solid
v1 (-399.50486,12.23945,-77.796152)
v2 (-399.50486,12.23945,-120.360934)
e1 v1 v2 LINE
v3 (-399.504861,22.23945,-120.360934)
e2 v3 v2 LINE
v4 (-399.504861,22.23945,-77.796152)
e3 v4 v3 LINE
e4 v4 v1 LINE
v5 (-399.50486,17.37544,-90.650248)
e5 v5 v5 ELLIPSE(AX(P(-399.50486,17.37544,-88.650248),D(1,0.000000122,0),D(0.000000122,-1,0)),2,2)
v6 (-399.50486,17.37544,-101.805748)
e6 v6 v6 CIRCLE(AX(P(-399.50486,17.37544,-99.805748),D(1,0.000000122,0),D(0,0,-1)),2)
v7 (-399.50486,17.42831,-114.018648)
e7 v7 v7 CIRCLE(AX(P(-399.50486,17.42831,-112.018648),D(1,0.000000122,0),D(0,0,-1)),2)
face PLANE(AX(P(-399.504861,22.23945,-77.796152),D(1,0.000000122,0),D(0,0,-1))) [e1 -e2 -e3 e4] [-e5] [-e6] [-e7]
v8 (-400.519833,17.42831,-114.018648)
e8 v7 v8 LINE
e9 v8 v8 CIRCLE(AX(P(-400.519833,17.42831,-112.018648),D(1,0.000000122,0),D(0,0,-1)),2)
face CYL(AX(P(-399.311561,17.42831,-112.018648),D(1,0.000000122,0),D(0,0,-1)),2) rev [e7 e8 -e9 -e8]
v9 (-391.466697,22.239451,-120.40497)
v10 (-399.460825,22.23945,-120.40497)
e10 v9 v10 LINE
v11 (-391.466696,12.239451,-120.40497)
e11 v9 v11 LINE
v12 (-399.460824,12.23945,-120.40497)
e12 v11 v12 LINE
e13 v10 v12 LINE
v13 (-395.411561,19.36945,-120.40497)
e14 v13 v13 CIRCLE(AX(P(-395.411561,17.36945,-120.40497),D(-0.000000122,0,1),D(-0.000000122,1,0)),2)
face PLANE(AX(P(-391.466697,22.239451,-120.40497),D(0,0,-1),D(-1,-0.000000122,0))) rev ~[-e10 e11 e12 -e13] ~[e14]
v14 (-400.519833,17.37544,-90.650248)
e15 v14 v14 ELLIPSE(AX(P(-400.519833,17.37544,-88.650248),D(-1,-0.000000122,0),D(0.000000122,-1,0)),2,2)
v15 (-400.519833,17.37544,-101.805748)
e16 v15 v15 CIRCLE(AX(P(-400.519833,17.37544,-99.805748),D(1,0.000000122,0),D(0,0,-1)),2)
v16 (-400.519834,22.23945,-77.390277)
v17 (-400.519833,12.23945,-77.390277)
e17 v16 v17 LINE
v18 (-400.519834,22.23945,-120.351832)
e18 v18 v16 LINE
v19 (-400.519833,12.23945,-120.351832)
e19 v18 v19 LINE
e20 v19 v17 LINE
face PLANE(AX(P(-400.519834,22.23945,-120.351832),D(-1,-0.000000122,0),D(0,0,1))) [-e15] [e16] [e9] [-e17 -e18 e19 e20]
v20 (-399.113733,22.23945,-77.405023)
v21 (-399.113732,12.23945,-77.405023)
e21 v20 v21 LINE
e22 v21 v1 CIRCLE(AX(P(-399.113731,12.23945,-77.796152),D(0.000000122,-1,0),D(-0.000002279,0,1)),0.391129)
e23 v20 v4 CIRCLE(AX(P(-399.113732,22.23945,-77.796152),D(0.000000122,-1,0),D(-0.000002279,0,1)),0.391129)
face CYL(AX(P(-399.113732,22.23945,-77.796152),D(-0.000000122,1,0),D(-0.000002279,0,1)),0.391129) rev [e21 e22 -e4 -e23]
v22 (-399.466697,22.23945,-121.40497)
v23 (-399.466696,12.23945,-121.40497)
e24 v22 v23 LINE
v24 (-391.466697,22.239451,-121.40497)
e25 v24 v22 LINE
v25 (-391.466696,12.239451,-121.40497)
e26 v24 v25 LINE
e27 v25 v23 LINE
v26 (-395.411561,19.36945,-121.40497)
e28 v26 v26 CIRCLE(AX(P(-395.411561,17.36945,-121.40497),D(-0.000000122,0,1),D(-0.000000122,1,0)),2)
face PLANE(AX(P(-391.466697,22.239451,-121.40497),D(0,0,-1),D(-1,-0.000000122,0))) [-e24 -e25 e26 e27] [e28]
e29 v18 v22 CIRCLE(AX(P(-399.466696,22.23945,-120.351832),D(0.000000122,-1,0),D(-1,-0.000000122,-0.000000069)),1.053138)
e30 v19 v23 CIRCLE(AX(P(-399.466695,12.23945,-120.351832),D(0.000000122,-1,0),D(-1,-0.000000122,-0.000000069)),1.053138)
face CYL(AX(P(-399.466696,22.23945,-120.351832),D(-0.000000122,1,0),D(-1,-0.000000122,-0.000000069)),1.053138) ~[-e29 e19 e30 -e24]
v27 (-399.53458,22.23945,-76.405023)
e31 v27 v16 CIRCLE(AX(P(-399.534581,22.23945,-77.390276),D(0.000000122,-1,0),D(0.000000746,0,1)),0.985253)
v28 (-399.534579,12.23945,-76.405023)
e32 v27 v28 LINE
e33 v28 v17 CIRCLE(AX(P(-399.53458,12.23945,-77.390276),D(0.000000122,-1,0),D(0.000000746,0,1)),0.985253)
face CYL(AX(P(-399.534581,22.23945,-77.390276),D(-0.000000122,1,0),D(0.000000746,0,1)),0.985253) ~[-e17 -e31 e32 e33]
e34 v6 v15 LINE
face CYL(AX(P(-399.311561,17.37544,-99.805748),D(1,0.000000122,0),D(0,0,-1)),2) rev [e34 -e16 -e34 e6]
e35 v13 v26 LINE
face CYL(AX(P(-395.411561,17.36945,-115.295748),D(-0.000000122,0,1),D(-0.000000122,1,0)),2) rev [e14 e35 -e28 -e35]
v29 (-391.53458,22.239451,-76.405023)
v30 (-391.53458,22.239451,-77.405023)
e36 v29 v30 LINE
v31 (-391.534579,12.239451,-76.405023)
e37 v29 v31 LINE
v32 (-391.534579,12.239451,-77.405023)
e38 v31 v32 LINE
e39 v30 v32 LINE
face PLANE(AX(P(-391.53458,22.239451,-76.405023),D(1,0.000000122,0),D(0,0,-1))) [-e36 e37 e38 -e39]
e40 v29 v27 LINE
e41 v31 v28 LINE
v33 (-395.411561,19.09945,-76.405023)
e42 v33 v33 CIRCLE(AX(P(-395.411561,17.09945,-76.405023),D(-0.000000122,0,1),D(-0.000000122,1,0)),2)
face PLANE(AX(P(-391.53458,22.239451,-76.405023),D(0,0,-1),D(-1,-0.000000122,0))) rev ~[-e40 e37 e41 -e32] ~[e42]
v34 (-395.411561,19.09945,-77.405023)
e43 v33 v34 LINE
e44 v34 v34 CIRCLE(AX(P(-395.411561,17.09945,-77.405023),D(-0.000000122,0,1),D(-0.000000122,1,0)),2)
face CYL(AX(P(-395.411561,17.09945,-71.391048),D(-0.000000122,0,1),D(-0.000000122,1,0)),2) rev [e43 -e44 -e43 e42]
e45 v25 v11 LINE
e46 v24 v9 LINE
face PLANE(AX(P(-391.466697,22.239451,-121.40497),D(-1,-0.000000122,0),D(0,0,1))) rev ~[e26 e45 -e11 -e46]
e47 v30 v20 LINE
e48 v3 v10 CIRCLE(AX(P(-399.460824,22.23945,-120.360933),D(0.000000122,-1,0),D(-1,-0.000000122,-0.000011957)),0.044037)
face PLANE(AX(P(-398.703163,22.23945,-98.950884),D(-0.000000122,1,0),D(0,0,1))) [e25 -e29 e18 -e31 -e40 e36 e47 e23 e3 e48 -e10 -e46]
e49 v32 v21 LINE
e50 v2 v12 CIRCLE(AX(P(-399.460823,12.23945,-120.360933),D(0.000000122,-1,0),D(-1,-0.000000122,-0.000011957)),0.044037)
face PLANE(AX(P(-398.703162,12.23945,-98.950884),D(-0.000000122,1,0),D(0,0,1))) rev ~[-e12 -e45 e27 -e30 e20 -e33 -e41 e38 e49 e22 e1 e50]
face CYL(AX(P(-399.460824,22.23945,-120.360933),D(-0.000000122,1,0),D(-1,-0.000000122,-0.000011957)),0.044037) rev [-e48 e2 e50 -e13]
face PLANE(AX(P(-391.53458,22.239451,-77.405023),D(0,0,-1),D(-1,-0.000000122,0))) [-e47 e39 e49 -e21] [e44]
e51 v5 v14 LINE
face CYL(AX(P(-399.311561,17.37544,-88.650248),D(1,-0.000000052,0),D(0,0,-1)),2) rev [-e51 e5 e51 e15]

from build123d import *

# Parameters (mm, degrees)
CYLINDER030_R               = 2
CYLINDER030_DEPTH           = 10
CYLINDER030_PITCH_ANGLE     = 90
CYLINDER030_PLACEMENT_ANGLE = 7e-06
CYLINDER031_R               = 2
CYLINDER031_DEPTH           = 10
CYLINDER031_PITCH_ANGLE     = 90
CYLINDER031_PLACEMENT_ANGLE = 7e-06
CYLINDER026_R               = 2
CYLINDER026_DEPTH           = 2
CYLINDER026_ROLL_ANGLE      = -88.507054
CYLINDER026_PITCH_ANGLE     = -87.01751
CYLINDER026_PLACEMENT_ANGLE = -92.244015
CYLINDER028_R               = 2
CYLINDER028_DEPTH           = 2
CYLINDER028_PLACEMENT_ANGLE = 90.00001
CYLINDER029_R               = 2
CYLINDER029_DEPTH           = 2
CYLINDER029_ROLL_ANGLE      = 90
CYLINDER027_R               = 2
CYLINDER027_DEPTH           = 2
CYLINDER027_ROLL_ANGLE      = 90
CYLINDER025_R               = 2
CYLINDER025_DEPTH           = 2
CYLINDER025_ROLL_ANGLE      = -88.507054
CYLINDER025_PITCH_ANGLE     = -87.01751
CYLINDER025_PLACEMENT_ANGLE = -92.244015
PAD006_DEPTH                = 10
CUT023_PITCH_ANGLE          = 90
CUT023_PLACEMENT_ANGLE      = -89.999993


with BuildPart() as cylinder030:
    # Cylinder030 → Cylinder030 (new body)
    with BuildSketch(Plane.XY):
        Circle(CYLINDER030_R)
    extrude(amount=CYLINDER030_DEPTH)


with BuildPart() as cylinder030_1:
    # Cylinder030 pitch: moved
    add(cylinder030.part.rotate(Axis((0, 0, 0), (0, 1, 0)), CYLINDER030_PITCH_ANGLE))


with BuildPart() as cylinder030_2:
    # Cylinder030 placement: moved
    add(cylinder030_1.part.moved(Location((15.49, 3.9, 4.87))).rotate(Axis((15.49, 3.9, 4.87), (0, 0, 1)), CYLINDER030_PLACEMENT_ANGLE))


with BuildPart() as cylinder031:
    # Cylinder031 → Cylinder031 (new body)
    with BuildSketch(Plane.XY):
        Circle(CYLINDER031_R)
    extrude(amount=CYLINDER031_DEPTH)


with BuildPart() as cylinder031_1:
    # Cylinder031 pitch: moved
    add(cylinder031.part.rotate(Axis((0, 0, 0), (0, 1, 0)), CYLINDER031_PITCH_ANGLE))


with BuildPart() as cylinder031_2:
    # Cylinder031 placement: moved
    add(cylinder031_1.part.moved(Location((-28.4147, 3.9, 5.14))).rotate(Axis((-28.4147, 3.9, 5.14), (0, 0, 1)), CYLINDER031_PLACEMENT_ANGLE))


with BuildPart() as cylinder026:
    # Cylinder026 → Cylinder026 (new body)
    with BuildSketch(Plane.XY):
        Circle(CYLINDER026_R)
    extrude(amount=CYLINDER026_DEPTH)


with BuildPart() as cylinder026_1:
    # Cylinder026 roll: moved
    add(cylinder026.part.rotate(Axis((0, 0, 0), (1, 0, 0)), CYLINDER026_ROLL_ANGLE))


with BuildPart() as cylinder026_2:
    # Cylinder026 pitch: moved
    add(cylinder026_1.part.rotate(Axis((0, 0, 0), (0, 1, 0)), CYLINDER026_PITCH_ANGLE))


with BuildPart() as cylinder026_3:
    # Cylinder026 placement: moved
    add(cylinder026_2.part.moved(Location((-26, 5.29, 4.9))).rotate(Axis((-26, 5.29, 4.9), (0, 0, 1)), CYLINDER026_PLACEMENT_ANGLE))


with BuildPart() as cylinder028:
    # Cylinder028 → Cylinder028 (new body)
    with BuildSketch(Plane.XY):
        Circle(CYLINDER028_R)
    extrude(amount=CYLINDER028_DEPTH)


with BuildPart() as cylinder028_1:
    # Cylinder028 placement: moved
    add(cylinder028.part.moved(Location((-11.1555, 0, 4.86401))).rotate(Axis((-11.1555, 0, 4.86401), (1, 0, 0)), CYLINDER028_PLACEMENT_ANGLE))


with BuildPart() as cylinder029:
    # Cylinder029 → Cylinder029 (new body)
    with BuildSketch(Plane.XY):
        Circle(CYLINDER029_R)
    extrude(amount=CYLINDER029_DEPTH)


with BuildPart() as cylinder029_1:
    # Cylinder029 roll: moved
    add(cylinder029.part.rotate(Axis((0, 0, 0), (1, 0, 0)), CYLINDER029_ROLL_ANGLE))


with BuildPart() as cylinder029_2:
    # Cylinder029 placement: moved
    add(cylinder029_1.part.moved(Location((0, 0, 4.86401))))


with BuildPart() as cylinder027:
    # Cylinder027 → Cylinder027 (new body)
    with BuildSketch(Plane.XY):
        Circle(CYLINDER027_R)
    extrude(amount=CYLINDER027_DEPTH)


with BuildPart() as cylinder027_1:
    # Cylinder027 roll: moved
    add(cylinder027.part.rotate(Axis((0, 0, 0), (1, 0, 0)), CYLINDER027_ROLL_ANGLE))


with BuildPart() as cylinder027_2:
    # Cylinder027 placement: moved
    add(cylinder027_1.part.moved(Location((12.2129, 0, 4.81114))))


with BuildPart() as cylinder025:
    # Cylinder025 → Cylinder025 (new body)
    with BuildSketch(Plane.XY):
        Circle(CYLINDER025_R)
    extrude(amount=CYLINDER025_DEPTH)


with BuildPart() as cylinder025_1:
    # Cylinder025 roll: moved
    add(cylinder025.part.rotate(Axis((0, 0, 0), (1, 0, 0)), CYLINDER025_ROLL_ANGLE))


with BuildPart() as cylinder025_2:
    # Cylinder025 pitch: moved
    add(cylinder025_1.part.rotate(Axis((0, 0, 0), (0, 1, 0)), CYLINDER025_PITCH_ANGLE))


with BuildPart() as cylinder025_3:
    # Cylinder025 placement: moved
    add(cylinder025_2.part.moved(Location((25, 5.38, 4.9))).rotate(Axis((25, 5.38, 4.9), (0, 0, 1)), CYLINDER025_PLACEMENT_ANGLE))


with BuildPart() as cut023:
    # Sketch007 → Pad006 (new body)
    with BuildSketch(Plane.XY):
        with BuildLine():
            Line((20.546084, -1.208272), (-22.415471, -1.208272))
            ThreePointArc((-23.400725, -0.223018), (-23.112151, -0.919698), (-22.415471, -1.208272))
            Line((-23.400725, 7.776982), (-23.400725, -0.223018))
            Line((-23.400725, 7.776982), (-22.400725, 7.776982))
            Line((-22.400725, 7.776982), (-22.400725, 0.197829))
            ThreePointArc((-22.400725, 0.197829), (-22.286166, -0.07874), (-22.009596, -0.193299))
            Line((-22.009596, -0.193299), (20.555186, -0.193299))
            ThreePointArc((20.555186, -0.193299), (20.586324, -0.180401), (20.599222, -0.149263))
            Line((20.599222, 7.844865), (20.599222, -0.149263))
            Line((21.599222, 7.844865), (20.599222, 7.844865))
            Line((21.599222, 7.844865), (21.599222, -0.155135))
            ThreePointArc((20.546084, -1.208272), (21.290765, -0.899815), (21.599222, -0.155135))
        make_face()
    extrude(amount=PAD006_DEPTH)

    # Cut005: cut Cylinder025
    add(cylinder025_3.part, mode=Mode.SUBTRACT)

    # Cut006: cut Cylinder027
    add(cylinder027_2.part, mode=Mode.SUBTRACT)

    # Cut007: cut Cylinder029
    add(cylinder029_2.part, mode=Mode.SUBTRACT)

    # Cut008: cut Cylinder028
    add(cylinder028_1.part, mode=Mode.SUBTRACT)

    # Cut009: cut Cylinder026
    add(cylinder026_3.part, mode=Mode.SUBTRACT)

    # Cut018: cut Cylinder031
    add(cylinder031_2.part, mode=Mode.SUBTRACT)

    # Cut023: cut Cylinder030
    add(cylinder030_2.part, mode=Mode.SUBTRACT)


with BuildPart() as cut023_1:
    # Cut023 pitch: moved
    add(cut023.part.rotate(Axis((0, 0, 0), (0, 1, 0)), CUT023_PITCH_ANGLE))


with BuildPart() as cut023_2:
    # Cut023 placement: moved
    add(cut023_1.part.moved(Location((-399.311562, 22.23945, -99.805748))).rotate(Axis((-399.311562, 22.23945, -99.805748), (0, 0, 1)), CUT023_PLACEMENT_ANGLE))


solid = cut023_2.part
